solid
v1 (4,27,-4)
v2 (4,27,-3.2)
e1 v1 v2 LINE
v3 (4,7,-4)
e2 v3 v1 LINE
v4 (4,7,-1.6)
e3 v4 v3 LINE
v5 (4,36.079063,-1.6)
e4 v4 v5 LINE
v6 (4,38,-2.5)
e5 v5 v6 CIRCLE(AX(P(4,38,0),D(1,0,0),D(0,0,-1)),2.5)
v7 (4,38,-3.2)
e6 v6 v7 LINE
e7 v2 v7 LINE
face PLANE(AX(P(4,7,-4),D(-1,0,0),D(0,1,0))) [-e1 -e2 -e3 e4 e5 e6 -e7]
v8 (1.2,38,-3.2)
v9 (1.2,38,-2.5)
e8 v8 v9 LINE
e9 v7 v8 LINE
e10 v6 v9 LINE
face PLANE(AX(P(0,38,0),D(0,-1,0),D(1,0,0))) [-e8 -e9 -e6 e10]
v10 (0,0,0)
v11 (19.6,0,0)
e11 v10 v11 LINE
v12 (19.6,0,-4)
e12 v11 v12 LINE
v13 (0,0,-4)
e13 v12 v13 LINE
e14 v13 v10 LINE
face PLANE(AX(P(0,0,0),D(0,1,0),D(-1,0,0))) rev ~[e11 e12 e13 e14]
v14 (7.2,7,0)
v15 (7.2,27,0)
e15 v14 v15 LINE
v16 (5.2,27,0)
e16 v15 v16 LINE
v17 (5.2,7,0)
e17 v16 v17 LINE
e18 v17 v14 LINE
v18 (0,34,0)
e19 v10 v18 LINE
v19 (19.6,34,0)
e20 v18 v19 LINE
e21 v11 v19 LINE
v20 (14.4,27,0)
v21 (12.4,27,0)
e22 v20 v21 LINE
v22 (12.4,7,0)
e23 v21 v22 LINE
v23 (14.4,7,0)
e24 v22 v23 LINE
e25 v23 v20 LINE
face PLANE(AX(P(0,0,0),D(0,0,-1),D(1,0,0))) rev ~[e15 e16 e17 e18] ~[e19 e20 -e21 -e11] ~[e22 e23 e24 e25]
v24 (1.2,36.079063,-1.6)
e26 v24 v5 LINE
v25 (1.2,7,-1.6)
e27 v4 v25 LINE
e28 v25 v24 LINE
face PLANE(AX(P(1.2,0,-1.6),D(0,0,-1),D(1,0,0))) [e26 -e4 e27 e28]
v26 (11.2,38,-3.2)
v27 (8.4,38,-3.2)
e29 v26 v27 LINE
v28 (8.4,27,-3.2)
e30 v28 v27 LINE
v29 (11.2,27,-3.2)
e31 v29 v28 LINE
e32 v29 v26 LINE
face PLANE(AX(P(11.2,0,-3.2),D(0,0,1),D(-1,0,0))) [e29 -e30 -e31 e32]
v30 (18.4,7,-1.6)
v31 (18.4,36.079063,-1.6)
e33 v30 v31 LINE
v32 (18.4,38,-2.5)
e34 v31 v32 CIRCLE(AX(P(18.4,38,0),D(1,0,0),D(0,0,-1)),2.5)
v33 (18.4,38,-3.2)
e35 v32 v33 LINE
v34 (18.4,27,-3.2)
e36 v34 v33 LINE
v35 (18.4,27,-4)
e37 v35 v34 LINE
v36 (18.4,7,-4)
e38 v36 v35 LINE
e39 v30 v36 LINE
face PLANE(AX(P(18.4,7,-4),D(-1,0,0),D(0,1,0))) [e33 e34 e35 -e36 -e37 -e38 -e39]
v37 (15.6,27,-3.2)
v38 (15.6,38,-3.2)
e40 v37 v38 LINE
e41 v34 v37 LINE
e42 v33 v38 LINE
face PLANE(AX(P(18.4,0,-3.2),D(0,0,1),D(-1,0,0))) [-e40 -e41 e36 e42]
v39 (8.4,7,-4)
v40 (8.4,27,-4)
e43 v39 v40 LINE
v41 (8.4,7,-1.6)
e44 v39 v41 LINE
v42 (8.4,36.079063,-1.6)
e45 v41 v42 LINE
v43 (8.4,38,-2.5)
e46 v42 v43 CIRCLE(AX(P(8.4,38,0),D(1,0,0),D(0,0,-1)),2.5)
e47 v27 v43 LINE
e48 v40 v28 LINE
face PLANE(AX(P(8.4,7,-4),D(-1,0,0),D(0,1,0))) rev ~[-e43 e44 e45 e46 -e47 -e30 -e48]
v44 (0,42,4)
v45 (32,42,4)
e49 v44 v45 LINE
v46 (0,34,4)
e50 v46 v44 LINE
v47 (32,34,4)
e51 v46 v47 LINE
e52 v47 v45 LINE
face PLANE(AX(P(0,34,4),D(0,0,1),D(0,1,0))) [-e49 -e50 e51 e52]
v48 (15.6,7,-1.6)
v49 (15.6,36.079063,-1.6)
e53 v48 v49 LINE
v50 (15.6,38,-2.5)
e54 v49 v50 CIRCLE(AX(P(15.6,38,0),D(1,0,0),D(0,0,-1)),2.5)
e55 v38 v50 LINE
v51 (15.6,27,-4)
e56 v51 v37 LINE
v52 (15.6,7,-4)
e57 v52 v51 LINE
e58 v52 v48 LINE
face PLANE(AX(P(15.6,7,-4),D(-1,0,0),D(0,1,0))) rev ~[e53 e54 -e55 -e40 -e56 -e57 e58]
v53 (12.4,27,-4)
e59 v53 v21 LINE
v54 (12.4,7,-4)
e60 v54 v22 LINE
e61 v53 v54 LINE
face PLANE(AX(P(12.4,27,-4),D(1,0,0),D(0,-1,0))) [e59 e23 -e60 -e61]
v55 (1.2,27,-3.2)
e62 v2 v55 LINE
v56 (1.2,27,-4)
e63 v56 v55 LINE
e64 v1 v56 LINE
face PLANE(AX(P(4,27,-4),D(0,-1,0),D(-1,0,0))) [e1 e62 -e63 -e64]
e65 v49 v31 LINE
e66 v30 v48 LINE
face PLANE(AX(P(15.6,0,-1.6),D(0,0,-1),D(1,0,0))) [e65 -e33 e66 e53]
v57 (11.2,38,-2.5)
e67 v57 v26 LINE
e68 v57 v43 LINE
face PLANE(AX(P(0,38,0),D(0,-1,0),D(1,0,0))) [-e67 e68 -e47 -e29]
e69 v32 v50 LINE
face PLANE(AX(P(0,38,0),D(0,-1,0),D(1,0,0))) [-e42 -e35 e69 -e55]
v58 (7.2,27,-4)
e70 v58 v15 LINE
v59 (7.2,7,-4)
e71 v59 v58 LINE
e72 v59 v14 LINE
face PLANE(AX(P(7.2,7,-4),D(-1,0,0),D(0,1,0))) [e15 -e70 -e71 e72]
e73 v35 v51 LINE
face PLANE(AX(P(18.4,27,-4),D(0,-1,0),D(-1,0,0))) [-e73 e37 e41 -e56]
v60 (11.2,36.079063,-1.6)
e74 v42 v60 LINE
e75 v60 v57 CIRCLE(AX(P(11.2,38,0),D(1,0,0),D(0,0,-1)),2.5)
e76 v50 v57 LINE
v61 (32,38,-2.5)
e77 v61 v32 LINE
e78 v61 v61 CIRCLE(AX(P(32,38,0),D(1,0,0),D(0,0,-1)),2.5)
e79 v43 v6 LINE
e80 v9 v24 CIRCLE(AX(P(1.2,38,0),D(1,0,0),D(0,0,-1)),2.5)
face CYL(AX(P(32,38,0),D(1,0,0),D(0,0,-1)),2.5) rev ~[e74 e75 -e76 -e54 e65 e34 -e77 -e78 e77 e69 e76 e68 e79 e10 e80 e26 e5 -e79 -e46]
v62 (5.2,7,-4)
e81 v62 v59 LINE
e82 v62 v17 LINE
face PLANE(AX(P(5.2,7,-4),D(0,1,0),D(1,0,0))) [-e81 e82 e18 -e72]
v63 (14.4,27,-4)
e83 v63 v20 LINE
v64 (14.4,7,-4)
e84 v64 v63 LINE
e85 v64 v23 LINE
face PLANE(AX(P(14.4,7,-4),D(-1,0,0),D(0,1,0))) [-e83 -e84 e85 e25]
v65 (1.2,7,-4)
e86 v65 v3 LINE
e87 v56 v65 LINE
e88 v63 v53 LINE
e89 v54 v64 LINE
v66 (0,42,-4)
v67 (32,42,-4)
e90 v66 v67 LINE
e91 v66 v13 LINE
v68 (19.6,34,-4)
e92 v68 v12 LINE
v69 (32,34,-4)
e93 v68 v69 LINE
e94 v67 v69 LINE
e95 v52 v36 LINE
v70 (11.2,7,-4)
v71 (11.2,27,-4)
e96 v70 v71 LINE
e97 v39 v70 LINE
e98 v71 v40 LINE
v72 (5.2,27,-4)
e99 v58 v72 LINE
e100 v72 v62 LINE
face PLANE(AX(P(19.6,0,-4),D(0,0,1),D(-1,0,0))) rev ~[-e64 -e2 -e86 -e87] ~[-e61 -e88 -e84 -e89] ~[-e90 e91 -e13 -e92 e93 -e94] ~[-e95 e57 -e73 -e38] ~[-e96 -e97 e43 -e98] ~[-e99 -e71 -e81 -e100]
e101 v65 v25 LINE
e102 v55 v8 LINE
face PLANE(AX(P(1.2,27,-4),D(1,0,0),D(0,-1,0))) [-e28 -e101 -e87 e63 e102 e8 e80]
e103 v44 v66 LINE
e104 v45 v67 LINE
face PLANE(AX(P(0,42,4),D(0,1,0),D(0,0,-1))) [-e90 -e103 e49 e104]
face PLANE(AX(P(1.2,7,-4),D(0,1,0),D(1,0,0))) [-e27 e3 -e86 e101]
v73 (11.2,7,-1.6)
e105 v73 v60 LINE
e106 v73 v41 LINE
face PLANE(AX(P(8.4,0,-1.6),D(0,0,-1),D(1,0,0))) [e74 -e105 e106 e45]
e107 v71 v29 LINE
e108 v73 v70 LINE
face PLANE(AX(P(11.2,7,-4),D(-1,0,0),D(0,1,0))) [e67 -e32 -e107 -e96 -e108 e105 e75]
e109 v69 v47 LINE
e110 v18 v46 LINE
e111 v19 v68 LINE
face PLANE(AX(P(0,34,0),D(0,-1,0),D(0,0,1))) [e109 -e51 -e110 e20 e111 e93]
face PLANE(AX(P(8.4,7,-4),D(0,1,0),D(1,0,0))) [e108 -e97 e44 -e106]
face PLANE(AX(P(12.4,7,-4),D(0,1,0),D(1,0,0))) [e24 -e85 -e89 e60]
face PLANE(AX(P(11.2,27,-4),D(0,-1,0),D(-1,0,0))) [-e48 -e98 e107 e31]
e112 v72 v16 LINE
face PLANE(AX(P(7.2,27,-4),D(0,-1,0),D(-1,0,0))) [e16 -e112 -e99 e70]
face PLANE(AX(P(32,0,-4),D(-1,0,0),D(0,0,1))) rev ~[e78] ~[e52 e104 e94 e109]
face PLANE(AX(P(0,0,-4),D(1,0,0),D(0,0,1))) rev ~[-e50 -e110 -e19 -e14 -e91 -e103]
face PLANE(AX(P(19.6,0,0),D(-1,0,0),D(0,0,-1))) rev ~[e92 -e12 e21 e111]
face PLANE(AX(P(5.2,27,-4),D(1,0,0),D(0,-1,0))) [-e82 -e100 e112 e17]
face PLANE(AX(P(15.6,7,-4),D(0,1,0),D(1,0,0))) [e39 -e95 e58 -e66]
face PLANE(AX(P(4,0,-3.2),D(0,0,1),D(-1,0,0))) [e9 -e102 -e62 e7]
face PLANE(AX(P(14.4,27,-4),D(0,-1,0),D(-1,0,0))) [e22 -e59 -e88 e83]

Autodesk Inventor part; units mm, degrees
ref_plane "YZ Plane" through (0, 0, 0) normal (1, 0, 0) x (0, 1, 0)
ref_plane "XZ Plane" through (0, 0, 0) normal (0, 1, 0) x (-1, 0, 0)
ref_plane "XY Plane" through (0, 0, 0) normal (0, 0, 1) x (1, 0, 0)
sketch "Sketch1" plane through (0, 0, 0) normal (0, 1, 0) x (-1, 0, 0)
  line L0 (0, 0) -> (-19.6, 0)
  line L1 (-19.6, 0) -> (-19.6, -4)
  line L2 (-19.6, -4) -> (0, -4)
  line L3 (0, -4) -> (0, 0)
  dimension "d0" = 4
  dimension "d1" = 19.6
extrude "Extrusion1" add sketch "Sketch1" along normal blind 34
sketch "Sketch2" plane through (0, 0, -4) normal (-1, 0, 0) x (0, 0, 1)
  line L0 (4, 34) -> (0, 34) projected
  line L1 (0, 34) -> (8, 34)
  line L2 (8, 34) -> (8, 42)
  line L3 (8, 42) -> (0, 42)
  line L4 (0, 42) -> (0, 34)
  line L5 (4, 0) -> (4, 34) projected
  dimension "d4" = 4
  dimension "d5" = 8
  dimension "d6" = 8
extrude "Extrusion2" add sketch "Sketch2" against normal blind 32
sketch "Sketch3" plane through (32, 0, -4) normal (1, 0, 0) x (0, 0, -1)
  circle A0 centre (-4, 38) radius 2.5
  line L0 (0, 42) -> (-8, 42) projected
  line L1 (-8, 42) -> (-8, 34) projected
  line L2 (0, 34) -> (0, 42) projected
  line L3 (-8, 34) -> (0, 34) projected
  point P0 (-4, 0)
  dimension "d9" = 4
  dimension "d10" = 4
  dimension "d11" = 4
  dimension "d12" = 4
  dimension "d13" = 5
extrude "Extrusion3" cut sketch "Sketch3" against normal blind 30.8 contours A0
sketch "Sketch4" plane through (0, 0, 0) normal (0, -1, 0) x (1, 0, 0)
  line L0 (18.4, -3.2) -> (15.6, -3.2)
  line L1 (15.6, -3.2) -> (15.6, -1.6)
  line L2 (15.6, -1.6) -> (18.4, -1.6)
  line L3 (18.4, -1.6) -> (18.4, -3.2)
  line L4 (11.2, -3.2) -> (8.4, -3.2)
  line L5 (8.4, -3.2) -> (8.4, -1.6)
  line L6 (8.4, -1.6) -> (11.2, -1.6)
  line L7 (11.2, -1.6) -> (11.2, -3.2)
  line L8 (4, -3.2) -> (1.2, -3.2)
  line L9 (1.2, -3.2) -> (1.2, -1.6)
  line L10 (1.2, -1.6) -> (4, -1.6)
  line L11 (4, -1.6) -> (4, -3.2)
  line L12 (19.6, 0) -> (19.6, -4) projected
  line L13 (19.6, -4) -> (0, -4) projected
  line L14 (0, 0) -> (19.6, 0) projected
  line L15 (0, -4) -> (0, 0) projected
  dimension "d16" = 2.8
  dimension "d17" = 1.2
  dimension "d18" = 0.8
  dimension "d19" = 1.6
  dimension "d20" = 1.6
  dimension "d21" = 2.8
  dimension "d22" = 2.8
  dimension "d23" = 4.4
  dimension "d24" = 1.2
  dimension "d25" = 4.4
extrude "Extrusion4" cut sketch "Sketch4" against normal blind 38 contours L0 L1 L2 L3 | L4 L5 L6 L7 | L8 L9 L10 L11
sketch "Sketch5" plane through (19.6, 0, -4) normal (0, 0, -1) x (-1, 0, 0)
  line L0 (1.2, 0) -> (1.2, 38) projected
  line L1 (4, 0) -> (4, 38) projected
  line L2 (1.2, 27) -> (4, 27)
  line L3 (4, 27) -> (4, 7)
  line L4 (4, 7) -> (1.2, 7)
  line L5 (1.2, 7) -> (1.2, 27)
  line L6 (8.4, 0) -> (8.4, 36.0791) projected
  line L7 (11.2, 0) -> (11.2, 38) projected
  line L8 (8.4, 27) -> (11.2, 27)
  line L9 (11.2, 27) -> (11.2, 7)
  line L10 (11.2, 7) -> (8.4, 7)
  line L11 (8.4, 7) -> (8.4, 27)
  line L12 (15.6, 0) -> (15.6, 36.0791) projected
  line L13 (15.6, 27) -> (18.4, 27)
  line L14 (18.4, 27) -> (18.4, 7)
  line L15 (18.4, 7) -> (15.6, 7)
  line L16 (15.6, 7) -> (15.6, 27)
  line L17 (0, 0) -> (19.6, 0) projected
  line L18 (0, 34) -> (-12.4, 34) projected
  line L19 (19.6, 0) -> (19.6, 42) projected
  point P0 (18.4, 0)
  point P1 (15.6, 7)
  point P2 (8.4, 7)
  point P3 (1.2, 7)
  point P4 (4, 27)
  dimension "d28" = 7
  dimension "d29" = 20
  dimension "d30" = 7
  dimension "d49" = 1.2
extrude "Extrusion5" cut sketch "Sketch5" against normal blind 0.8 contours L12 L13 L14 L15 | L0 L2 L1 L4 | L6 L8 L7 L10
sketch "Sketch6" plane through (19.6, 0, -4) normal (0, 0, -1) x (-1, 0, 0)
  line L0 (5.2, 27) -> (7.2, 27)
  line L1 (7.2, 27) -> (7.2, 7)
  line L2 (7.2, 7) -> (5.2, 7)
  line L3 (5.2, 7) -> (5.2, 27)
  line L4 (12.4, 27) -> (14.4, 27)
  line L5 (14.4, 27) -> (14.4, 7)
  line L6 (14.4, 7) -> (12.4, 7)
  line L7 (12.4, 7) -> (12.4, 27)
  line L8 (4, 27) -> (4, 7) projected
  line L9 (8.4, 7) -> (8.4, 27) projected
  line L10 (11.2, 27) -> (11.2, 7) projected
  line L11 (15.6, 7) -> (15.6, 27) projected
  line L12 (19.6, 0) -> (19.6, 42) projected
  line L13 (0, 0) -> (0, 34) projected
  dimension "d33" = 1.2
  dimension "d34" = 1.2
  dimension "d35" = 1.2
  dimension "d36" = 1.2
  dimension "d37" = 2
  dimension "d38" = 2
  dimension "d39" = 19.6
extrude "Extrusion6" cut sketch "Sketch6" against normal up to surface (4 mm away)
sketch "Sketch7" plane through (0, 0, 0) normal (0, -1, 0) x (1, 0, 0)
  line L0 (19.6, -4) -> (32, -4) projected
  line L1 (0, 0) -> (19.6, 0) projected
  line L2 (19.6, -4) -> (0, -4)
  line L3 (0, -4) -> (0, 0)
  line L4 (0, 0) -> (19.6, 0)
  line L5 (19.6, 0) -> (19.6, -4)
extrude "Extrusion7" add sketch "Sketch7" against normal blind 7
properties part number "20210811_H2_gasmanifold_old_v1"
